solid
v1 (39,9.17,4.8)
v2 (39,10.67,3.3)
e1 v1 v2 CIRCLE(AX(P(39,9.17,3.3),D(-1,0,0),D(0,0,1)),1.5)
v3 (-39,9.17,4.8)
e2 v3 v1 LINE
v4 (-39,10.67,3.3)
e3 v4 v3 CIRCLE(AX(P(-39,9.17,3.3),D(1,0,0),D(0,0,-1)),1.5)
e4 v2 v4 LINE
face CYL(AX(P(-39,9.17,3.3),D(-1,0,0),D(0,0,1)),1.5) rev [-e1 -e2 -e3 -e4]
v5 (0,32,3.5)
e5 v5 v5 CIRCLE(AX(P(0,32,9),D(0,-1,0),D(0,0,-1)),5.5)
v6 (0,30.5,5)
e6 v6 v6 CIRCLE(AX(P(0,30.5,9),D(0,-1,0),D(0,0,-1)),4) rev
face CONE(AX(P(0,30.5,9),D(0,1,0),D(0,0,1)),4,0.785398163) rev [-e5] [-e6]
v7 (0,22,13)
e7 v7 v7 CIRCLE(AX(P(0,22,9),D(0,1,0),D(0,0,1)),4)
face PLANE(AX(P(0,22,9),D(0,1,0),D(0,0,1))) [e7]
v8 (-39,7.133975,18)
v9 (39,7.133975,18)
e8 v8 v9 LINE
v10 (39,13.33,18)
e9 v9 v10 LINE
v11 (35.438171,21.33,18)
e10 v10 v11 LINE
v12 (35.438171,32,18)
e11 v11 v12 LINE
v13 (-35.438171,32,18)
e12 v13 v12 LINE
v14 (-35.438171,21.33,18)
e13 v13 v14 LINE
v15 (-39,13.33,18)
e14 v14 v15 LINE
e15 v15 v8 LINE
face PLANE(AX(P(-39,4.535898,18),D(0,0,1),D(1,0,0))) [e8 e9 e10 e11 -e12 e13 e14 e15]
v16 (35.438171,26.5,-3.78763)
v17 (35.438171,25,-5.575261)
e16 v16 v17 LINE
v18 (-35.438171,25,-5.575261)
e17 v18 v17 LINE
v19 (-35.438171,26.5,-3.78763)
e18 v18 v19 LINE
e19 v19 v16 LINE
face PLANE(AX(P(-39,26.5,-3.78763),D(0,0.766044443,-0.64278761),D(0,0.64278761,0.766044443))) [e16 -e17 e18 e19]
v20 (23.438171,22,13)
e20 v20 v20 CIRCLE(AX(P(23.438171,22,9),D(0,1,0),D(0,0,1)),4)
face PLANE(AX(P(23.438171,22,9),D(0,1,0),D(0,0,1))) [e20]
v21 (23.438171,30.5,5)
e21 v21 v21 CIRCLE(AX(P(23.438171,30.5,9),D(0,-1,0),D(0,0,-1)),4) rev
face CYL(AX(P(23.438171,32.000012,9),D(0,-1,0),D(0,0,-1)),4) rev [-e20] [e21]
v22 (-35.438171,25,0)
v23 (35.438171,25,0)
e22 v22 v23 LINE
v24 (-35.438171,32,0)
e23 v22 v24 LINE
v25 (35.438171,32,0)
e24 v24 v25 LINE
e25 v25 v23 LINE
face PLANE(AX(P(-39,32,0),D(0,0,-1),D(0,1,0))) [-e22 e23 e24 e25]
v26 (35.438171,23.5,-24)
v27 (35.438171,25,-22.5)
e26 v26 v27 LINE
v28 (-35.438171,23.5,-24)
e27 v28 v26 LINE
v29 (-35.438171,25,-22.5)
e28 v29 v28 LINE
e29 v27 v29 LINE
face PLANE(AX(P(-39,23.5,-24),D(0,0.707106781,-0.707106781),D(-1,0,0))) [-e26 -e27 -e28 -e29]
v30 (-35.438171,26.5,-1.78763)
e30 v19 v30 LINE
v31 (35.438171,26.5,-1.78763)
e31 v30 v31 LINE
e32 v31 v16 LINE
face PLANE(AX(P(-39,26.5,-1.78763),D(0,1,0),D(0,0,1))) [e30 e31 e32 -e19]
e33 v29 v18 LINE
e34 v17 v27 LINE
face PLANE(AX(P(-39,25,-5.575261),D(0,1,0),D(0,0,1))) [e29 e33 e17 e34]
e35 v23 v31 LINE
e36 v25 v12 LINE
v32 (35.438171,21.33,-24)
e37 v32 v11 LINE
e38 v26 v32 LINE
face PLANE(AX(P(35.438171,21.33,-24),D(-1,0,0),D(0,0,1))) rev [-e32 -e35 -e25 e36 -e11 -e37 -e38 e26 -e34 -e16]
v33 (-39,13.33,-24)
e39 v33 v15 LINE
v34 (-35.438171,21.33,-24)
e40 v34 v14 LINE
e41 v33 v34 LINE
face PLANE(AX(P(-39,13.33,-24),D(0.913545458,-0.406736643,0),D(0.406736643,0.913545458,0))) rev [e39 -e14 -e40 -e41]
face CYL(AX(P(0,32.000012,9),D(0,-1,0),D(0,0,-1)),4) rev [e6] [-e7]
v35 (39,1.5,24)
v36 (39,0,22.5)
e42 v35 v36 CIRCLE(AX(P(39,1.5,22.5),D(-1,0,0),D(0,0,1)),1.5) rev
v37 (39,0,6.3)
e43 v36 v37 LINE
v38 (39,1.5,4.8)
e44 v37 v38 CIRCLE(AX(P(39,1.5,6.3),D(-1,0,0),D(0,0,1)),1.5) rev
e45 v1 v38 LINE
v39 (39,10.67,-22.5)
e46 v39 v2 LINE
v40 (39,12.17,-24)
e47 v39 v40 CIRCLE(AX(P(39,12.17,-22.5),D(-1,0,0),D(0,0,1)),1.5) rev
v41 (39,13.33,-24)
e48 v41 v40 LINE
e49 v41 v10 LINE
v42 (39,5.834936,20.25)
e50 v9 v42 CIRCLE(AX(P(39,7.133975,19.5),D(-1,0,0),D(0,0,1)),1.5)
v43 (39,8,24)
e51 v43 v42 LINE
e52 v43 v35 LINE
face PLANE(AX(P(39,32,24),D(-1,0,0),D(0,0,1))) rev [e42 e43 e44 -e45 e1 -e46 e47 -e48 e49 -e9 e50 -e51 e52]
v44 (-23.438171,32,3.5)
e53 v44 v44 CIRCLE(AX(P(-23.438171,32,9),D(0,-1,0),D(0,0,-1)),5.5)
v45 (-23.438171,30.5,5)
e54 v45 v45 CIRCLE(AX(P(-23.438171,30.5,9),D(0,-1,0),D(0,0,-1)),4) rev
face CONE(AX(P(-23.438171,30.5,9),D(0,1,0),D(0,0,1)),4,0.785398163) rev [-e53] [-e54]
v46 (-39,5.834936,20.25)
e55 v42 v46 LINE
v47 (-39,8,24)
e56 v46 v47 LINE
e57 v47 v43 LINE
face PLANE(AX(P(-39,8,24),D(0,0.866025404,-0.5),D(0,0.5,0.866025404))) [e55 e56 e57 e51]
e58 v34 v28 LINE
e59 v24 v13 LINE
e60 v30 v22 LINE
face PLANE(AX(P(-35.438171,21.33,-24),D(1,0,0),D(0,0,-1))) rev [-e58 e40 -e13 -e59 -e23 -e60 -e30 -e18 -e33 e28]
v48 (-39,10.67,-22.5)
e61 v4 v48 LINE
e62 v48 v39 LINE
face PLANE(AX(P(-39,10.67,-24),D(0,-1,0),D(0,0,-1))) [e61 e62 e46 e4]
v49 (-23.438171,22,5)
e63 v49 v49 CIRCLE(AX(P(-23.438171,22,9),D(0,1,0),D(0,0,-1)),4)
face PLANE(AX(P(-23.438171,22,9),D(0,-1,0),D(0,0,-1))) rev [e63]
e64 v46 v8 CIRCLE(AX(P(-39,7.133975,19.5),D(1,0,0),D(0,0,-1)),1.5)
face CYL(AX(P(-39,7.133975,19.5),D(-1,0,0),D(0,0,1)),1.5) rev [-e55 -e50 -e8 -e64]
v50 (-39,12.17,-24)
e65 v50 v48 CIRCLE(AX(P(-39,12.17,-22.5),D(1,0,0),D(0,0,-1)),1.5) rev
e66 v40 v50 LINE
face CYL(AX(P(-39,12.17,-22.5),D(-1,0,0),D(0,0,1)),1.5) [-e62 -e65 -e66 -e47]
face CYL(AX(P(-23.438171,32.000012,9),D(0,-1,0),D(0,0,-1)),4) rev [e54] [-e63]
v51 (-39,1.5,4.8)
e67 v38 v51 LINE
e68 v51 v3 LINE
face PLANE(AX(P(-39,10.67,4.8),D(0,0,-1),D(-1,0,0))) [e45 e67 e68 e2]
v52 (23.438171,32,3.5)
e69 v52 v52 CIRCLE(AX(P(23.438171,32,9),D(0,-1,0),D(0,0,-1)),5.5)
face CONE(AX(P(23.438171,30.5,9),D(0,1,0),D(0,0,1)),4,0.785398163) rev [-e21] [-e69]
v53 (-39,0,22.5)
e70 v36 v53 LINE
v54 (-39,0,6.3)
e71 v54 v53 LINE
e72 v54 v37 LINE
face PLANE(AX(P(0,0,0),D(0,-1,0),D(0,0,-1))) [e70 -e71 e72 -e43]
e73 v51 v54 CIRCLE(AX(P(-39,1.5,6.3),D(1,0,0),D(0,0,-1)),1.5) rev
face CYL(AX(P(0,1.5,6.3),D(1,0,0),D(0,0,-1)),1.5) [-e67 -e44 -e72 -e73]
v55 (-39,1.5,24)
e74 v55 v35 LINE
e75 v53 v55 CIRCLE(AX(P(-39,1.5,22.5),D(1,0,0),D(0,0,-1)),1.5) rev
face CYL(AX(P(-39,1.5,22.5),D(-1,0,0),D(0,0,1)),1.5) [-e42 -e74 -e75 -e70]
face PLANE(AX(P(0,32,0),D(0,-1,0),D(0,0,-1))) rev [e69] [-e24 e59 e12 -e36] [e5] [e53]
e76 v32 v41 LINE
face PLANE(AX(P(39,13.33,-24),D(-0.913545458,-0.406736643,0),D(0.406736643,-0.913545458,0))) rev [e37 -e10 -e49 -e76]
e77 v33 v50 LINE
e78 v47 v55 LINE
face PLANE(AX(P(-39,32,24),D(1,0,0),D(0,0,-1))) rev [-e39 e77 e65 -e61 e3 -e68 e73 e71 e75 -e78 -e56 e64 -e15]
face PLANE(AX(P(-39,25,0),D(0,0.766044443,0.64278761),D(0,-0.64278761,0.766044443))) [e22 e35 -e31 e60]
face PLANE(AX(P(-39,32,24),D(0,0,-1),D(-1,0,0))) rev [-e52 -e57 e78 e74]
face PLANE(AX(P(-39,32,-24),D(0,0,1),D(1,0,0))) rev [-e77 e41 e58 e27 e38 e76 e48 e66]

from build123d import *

# Parameters (mm, degrees)
SKETCH1_W               = 78
SKETCH1_H               = 48
BOSS_EXTRUDE1_DEPTH     = 32
CUT_EXTRUDE1_DEPTH      = 1
CUT_EXTRUDE1_DEPTH_BACK = 49
SKETCH3_OUTSIDE_W       = 69.404
SKETCH3_OUTSIDE_H       = 53.404
CUT_EXTRUDE3_DEPTH      = 1
CUT_EXTRUDE3_DEPTH_BACK = 79
FILLET1_R               = 1.5
SKETCH4_R               = 4
CUT_EXTRUDE4_DEPTH      = 1
CUT_EXTRUDE4_DEPTH_BACK = 10
CHAMFER1_SIZE           = 1.5


with BuildPart() as part:
    # Sketch1 → Boss-Extrude1 (new body)
    with BuildSketch(Plane(origin=(0, 0, 0), x_dir=(1, 0, 0), z_dir=(0, 1, 0))):
        Rectangle(SKETCH1_W, SKETCH1_H)
    extrude(amount=BOSS_EXTRUDE1_DEPTH)

    # Sketch2 → Cut-Extrude1 (cut, two sides)
    with BuildSketch(Plane.XY.offset(24)) as cut_extrude1_sk:
        Polygon((-39, 13.33), (-35.438170518, 21.33), (-35.438170518, 32), (-39, 32), align=None)
        Polygon((35.438170518, 21.33), (35.438170518, 32), (39, 32), (39, 13.33), align=None)
    extrude(amount=CUT_EXTRUDE1_DEPTH, mode=Mode.SUBTRACT)
    extrude(cut_extrude1_sk.sketch, amount=-CUT_EXTRUDE1_DEPTH_BACK, mode=Mode.SUBTRACT)

    # Sketch3 outside → Cut-Extrude3 (cut, two sides)
    with BuildSketch(Plane(origin=(39, 0, 0), x_dir=(0, 0, -1), z_dir=(1, 0, 0))) as cut_extrude3_sk:
        with Locations((0, 16)):
            Rectangle(SKETCH3_OUTSIDE_W, SKETCH3_OUTSIDE_H)
        Polygon((-24, 8), (-18, 4.535898385), (-18, 32), (0, 32), (0, 25), (1.787630389, 26.5), (3.787630389, 26.5), (5.575260778, 25), (24, 25), (24, 10.67), (-4.8, 10.67), (-4.8, 0), (-24, 0), align=None, mode=Mode.SUBTRACT)
    extrude(amount=CUT_EXTRUDE3_DEPTH, mode=Mode.SUBTRACT)
    extrude(cut_extrude3_sk.sketch, amount=-CUT_EXTRUDE3_DEPTH_BACK, mode=Mode.SUBTRACT)

    # Fillet1
    fillet1_edges = [part.edges().sort_by_distance(p)[0] for p in [
        (0, 0, 24),
        (0, 10.67, 4.8),
        (0, 4.535898385, 18),
        (0, 0, 4.8),
        (0, 10.67, -24),
    ]]
    fillet(fillet1_edges, radius=FILLET1_R)

    # Sketch4 → Cut-Extrude4 (cut, two sides)
    with BuildSketch(Plane(origin=(0, 32, 0), x_dir=(1, 0, 0), z_dir=(0, 1, 0))) as cut_extrude4_sk:
        with Locations((0, -9)):
            Circle(SKETCH4_R)
        with Locations((23.438170518, -9)):
            Circle(SKETCH4_R)
        with Locations((-23.438170518, -9)):
            Circle(SKETCH4_R)
    extrude(amount=CUT_EXTRUDE4_DEPTH, mode=Mode.SUBTRACT)
    extrude(cut_extrude4_sk.sketch, amount=-CUT_EXTRUDE4_DEPTH_BACK, mode=Mode.SUBTRACT)

    # Chamfer1
    chamfer1_edges = [part.edges().sort_by_distance(p)[0] for p in [
        (-27.438170518, 32, 9),
        (19.438170518, 32, 9),
        (-4, 32, 9),
        (0, 25, -24),
    ]]
    chamfer(chamfer1_edges, length=CHAMFER1_SIZE)


solid = part.part
